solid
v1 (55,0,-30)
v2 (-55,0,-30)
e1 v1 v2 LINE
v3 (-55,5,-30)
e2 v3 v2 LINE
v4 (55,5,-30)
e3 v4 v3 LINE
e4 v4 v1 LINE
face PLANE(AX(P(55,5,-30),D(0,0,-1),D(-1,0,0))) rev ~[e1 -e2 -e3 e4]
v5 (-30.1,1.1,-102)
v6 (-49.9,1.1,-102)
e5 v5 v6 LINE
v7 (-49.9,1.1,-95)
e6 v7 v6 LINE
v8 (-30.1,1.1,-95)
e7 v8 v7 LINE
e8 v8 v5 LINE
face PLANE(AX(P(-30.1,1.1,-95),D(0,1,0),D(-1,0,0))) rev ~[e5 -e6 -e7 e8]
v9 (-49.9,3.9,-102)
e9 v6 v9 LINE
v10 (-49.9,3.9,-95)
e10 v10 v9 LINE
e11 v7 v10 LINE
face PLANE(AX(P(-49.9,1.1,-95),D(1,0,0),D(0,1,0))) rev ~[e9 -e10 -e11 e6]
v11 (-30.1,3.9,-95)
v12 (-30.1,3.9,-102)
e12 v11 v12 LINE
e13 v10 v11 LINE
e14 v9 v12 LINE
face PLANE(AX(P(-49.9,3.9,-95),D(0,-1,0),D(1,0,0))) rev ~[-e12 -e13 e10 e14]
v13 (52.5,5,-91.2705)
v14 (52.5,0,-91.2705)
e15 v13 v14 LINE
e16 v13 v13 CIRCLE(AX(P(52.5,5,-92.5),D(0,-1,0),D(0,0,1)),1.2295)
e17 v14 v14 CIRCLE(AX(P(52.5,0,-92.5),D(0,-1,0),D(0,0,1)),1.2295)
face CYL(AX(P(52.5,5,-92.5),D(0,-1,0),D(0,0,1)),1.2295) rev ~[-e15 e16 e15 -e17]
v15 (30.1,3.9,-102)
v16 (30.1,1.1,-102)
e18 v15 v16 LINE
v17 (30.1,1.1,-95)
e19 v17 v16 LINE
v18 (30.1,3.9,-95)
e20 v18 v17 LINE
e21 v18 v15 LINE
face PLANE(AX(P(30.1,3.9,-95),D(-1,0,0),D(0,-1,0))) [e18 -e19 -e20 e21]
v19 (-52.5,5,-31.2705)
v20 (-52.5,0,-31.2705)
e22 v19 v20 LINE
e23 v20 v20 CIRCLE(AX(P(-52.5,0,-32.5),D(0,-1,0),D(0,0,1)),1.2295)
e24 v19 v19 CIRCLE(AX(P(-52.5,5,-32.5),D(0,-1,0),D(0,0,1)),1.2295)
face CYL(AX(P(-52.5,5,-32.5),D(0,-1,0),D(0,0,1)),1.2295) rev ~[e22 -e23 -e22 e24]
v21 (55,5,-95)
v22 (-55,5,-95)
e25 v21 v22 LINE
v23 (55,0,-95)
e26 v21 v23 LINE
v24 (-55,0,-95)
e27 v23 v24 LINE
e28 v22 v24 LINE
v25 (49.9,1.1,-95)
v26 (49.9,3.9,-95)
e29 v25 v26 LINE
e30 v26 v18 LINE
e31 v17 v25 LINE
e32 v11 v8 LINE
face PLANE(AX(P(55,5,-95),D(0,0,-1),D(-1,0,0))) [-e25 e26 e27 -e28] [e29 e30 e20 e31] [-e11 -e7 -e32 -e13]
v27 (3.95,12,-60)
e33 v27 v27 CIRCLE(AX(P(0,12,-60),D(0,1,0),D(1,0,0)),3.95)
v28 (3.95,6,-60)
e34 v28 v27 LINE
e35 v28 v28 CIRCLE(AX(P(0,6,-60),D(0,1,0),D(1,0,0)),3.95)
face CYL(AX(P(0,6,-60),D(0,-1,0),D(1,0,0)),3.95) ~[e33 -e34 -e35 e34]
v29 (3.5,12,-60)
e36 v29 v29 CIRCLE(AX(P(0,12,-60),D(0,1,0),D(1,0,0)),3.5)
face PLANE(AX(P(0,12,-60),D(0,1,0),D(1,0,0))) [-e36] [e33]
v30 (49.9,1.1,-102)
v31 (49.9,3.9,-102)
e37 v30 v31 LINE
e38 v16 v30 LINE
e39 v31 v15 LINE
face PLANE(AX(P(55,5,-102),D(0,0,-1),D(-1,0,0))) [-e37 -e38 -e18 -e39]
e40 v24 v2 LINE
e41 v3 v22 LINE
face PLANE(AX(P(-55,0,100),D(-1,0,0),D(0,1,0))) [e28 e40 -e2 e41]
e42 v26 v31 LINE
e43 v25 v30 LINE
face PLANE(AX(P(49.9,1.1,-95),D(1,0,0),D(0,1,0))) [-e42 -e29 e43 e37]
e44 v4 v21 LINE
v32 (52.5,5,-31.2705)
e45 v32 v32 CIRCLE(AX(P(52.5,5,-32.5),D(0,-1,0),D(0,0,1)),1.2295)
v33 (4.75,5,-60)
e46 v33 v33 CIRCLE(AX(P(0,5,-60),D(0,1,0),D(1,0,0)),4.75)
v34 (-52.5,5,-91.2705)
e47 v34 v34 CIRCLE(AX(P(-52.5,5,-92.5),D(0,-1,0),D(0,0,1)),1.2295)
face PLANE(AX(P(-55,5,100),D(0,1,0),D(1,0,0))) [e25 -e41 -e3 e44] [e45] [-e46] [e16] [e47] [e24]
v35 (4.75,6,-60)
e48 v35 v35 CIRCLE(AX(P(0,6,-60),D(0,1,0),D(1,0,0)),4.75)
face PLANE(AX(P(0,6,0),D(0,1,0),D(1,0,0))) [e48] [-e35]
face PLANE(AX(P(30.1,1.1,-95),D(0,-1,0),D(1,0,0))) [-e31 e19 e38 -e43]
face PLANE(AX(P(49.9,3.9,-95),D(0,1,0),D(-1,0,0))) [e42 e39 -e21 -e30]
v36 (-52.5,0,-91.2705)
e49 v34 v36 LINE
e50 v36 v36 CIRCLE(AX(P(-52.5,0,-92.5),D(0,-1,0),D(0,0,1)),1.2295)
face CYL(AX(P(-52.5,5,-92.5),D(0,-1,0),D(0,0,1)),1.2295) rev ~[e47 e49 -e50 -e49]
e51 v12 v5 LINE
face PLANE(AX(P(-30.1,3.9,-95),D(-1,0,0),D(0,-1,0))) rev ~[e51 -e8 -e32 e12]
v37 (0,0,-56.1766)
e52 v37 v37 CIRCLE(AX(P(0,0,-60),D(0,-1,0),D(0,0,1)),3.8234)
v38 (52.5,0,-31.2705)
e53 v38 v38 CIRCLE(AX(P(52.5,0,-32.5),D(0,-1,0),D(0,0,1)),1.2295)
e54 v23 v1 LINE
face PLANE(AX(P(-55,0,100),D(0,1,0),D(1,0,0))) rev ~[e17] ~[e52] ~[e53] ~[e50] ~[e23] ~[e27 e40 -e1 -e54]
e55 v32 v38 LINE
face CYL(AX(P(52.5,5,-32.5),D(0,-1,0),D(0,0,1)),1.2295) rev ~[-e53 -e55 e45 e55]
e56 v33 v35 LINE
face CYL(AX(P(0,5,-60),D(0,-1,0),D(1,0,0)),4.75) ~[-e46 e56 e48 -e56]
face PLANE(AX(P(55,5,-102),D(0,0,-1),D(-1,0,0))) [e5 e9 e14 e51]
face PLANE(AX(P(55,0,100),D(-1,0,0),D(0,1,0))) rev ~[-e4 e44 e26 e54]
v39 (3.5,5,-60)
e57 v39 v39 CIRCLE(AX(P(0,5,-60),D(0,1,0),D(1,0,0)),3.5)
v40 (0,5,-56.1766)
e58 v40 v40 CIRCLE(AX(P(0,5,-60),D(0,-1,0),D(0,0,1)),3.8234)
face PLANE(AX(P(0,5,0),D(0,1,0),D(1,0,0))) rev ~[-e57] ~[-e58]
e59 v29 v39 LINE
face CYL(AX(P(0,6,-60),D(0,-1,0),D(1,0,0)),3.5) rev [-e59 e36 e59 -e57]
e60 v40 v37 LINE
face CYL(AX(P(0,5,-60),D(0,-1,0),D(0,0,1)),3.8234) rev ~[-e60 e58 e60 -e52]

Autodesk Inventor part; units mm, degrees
ref_plane "YZ Plane" through (0, 0, 0) normal (1, 0, 0) x (0, 1, 0)
ref_plane "XZ Plane" through (0, 0, 0) normal (0, 1, 0) x (-1, 0, 0)
ref_plane "XY Plane" through (0, 0, 0) normal (0, 0, 1) x (1, 0, 0)
sketch "Esquisse1" plane through (0, 0, 0) normal (0, 1, 0) x (-1, 0, 0)
  line L0 (-55, 100) -> (55, 100)
  line L1 (55, 100) -> (55, -100)
  line L2 (55, -100) -> (-55, -100)
  line L3 (-55, -100) -> (-55, 100)
  line L4 (-55, 100) -> (55, -100) construction
  line L5 (55, 100) -> (-55, -100) construction
  point P0 (0, 0)
  dimension "d0" = 110
  dimension "d1" = 200
extrude "Extrusion1" add sketch "Esquisse1" along normal blind 5
sketch "Esquisse4" plane through (0, 5, 0) normal (0, 1, 0) x (1, 0, 0)
  line L0 (0, 0) -> (0, 60)
  dimension "d22" = 60
hole "Perçage3" at (0, 5, -60) direction (0, -1, 0) diameter 7.6468 end through all thread size "M9x1.25" class "6H" standard "ISO Metric profile"
sketch "Esquisse5" plane through (0, 5, 0) normal (0, 1, 0) x (1, 0, 0)
  line L0 (-55, -100) -> (55, -100) projected
  line L1 (0, -100) -> (-27.5, -100)
  line L2 (-27.5, -100) -> (-27.5, -70)
  line L3 (-27.5, -70) -> (-37.5, -70)
  line L4 (-27.5, -70) -> (-7.5, -70)
  line L5 (-37.5, -70) -> (-37.5, -55)
  line L6 (-7.5, -55) -> (-7.5, -70)
  point P0 (0, 0)
  dimension "d30" = 27.5
  dimension "d31" = 30
  dimension "d32" = 10
  dimension "d33" = 20
  dimension "d34" = 15
hole "Perçage4" at (-7.5, 5, 70) at (-37.5, 5, 70) at (-37.5, 5, 55) at (-7.5, 5, 55) direction (0, -1, 0) diameter 2.459 end through all thread size "M3x0.5" class "6H" standard "ISO Metric profile"
sketch "Esquisse6" plane through (-55, 0, 100) normal (0, 0, 1) x (1, 0, 0)
  line L0 (0, 0) -> (110, 0) projected
  line L1 (110, 0) -> (110, 5) projected
  line L2 (0, 5) -> (110, 5) projected
  line L3 (0, 0) -> (0, 5) projected
  point P0 (55, 0)
extrude "Extrusion2" add sketch "Esquisse6" along normal blind 40
sketch "Esquisse7" plane through (0, 5, 0) normal (0, 1, 0) x (1, 0, 0)
  circle A0 centre (0, 60) radius 3.8234 projected
  circle A1 centre (0, 60) radius 3.5
  circle A2 centre (0, 60) radius 4.75
  point P0 (0, 0)
  dimension "d47" = 7
  dimension "d48" = 9.5
extrude "Extrusion3" add sketch "Esquisse7" along normal blind 1 contours A0 | A2
sketch "Esquisse8" plane through (0, 5, 0) normal (0, 1, 0) x (1, 0, 0)
  line L0 (-55, 100) -> (-55, -140) projected
  line L1 (55, 100) -> (55, -140) projected
  line L2 (-55, -140) -> (55, -140)
  line L3 (55, -140) -> (55, 30)
  line L4 (55, 30) -> (-55, 30)
  line L5 (-55, 30) -> (-55, -140)
  point P0 (0, 0)
  dimension "d51" = 170
extrude "Extrusion4" cut sketch "Esquisse8" against normal blind 10
sketch "Esquisse9" plane through (0, 5, 0) normal (0, 1, 0) x (1, 0, 0)
  line L0 (-55, 30) -> (55, 30) projected
  line L1 (-55, 30) -> (-55, 32.5)
  line L2 (-55, 100) -> (-55, 30) projected
  line L3 (-55, 32.5) -> (-52.5, 32.5)
  line L4 (55, 30) -> (55, 32.5)
  line L5 (55, 100) -> (55, 30) projected
  line L6 (55, 32.5) -> (52.5, 32.5)
  point P0 (0, 0)
  dimension "d54" = 2.5
  dimension "d55" = 2.5
  dimension "d56" = 2.5
  dimension "d57" = 2.5
hole "Perçage5" at (-52.5, 5, -32.5) at (52.5, 5, -32.5) direction (0, -1, 0) diameter 2.459 end through all thread size "M3x0.5" class "6H" standard "ISO Metric profile"
sketch "Esquisse10" plane through (0, 5, 0) normal (0, 1, 0) x (1, 0, 0)
  line L0 (55, 100) -> (-55, 100) projected
  line L1 (55, 100) -> (55, 30) projected
  line L2 (-55, 100) -> (55, 100)
  line L3 (55, 100) -> (55, 95)
  line L4 (55, 95) -> (-55, 95)
  line L5 (-55, 95) -> (-55, 100)
  point P0 (0, 0)
  dimension "d65" = 5
extrude "Extrusion5" cut sketch "Esquisse10" against normal blind 10
sketch "Esquisse11" plane through (0, 5, 0) normal (0, 1, 0) x (1, 0, 0)
  line L0 (-55, 95) -> (-52.5, 95)
  line L1 (55, 95) -> (-55, 95) projected
  line L2 (-52.5, 95) -> (-52.5, 92.5)
  line L3 (55, 95) -> (55, 30) projected
  line L4 (55, 95) -> (52.5, 95)
  line L5 (52.5, 95) -> (52.5, 92.5)
  point P0 (0, 0)
  dimension "d68" = 2.5
  dimension "d69" = 2.5
  dimension "d70" = 2.5
hole "Perçage6" at (-52.5, 5, -92.5) at (52.5, 5, -92.5) direction (0, -1, 0) diameter 2.459 end through all thread size "M3x0.5" class "6H" standard "ISO Metric profile"
sketch "Esquisse12" plane through (55, 5, -95) normal (0, 0, -1) x (-1, 0, 0)
  line L0 (0, -5) -> (0, 0) projected
  line L1 (0, 0) -> (5.1, 0)
  line L2 (110, 0) -> (0, 0) projected
  line L3 (5.1, 0) -> (5.1, -1.1)
  line L4 (5.1, -1.1) -> (24.9, -1.1)
  line L5 (24.9, -1.1) -> (24.9, -3.9)
  line L6 (24.9, -3.9) -> (5.1, -3.9)
  line L7 (5.1, -3.9) -> (5.1, -1.1)
  line L8 (110, -5) -> (110, 0) projected
  line L9 (110, 0) -> (104.9, 0)
  line L10 (104.9, 0) -> (104.9, -1.1)
  line L11 (104.9, -1.1) -> (85.1, -1.1)
  line L12 (85.1, -1.1) -> (85.1, -3.9)
  line L13 (85.1, -3.9) -> (104.9, -3.9)
  line L14 (104.9, -3.9) -> (104.9, -1.1)
  line L15 (110, -5) -> (0, -5) projected
  point P0 (55, -5)
  dimension "d78" = 5.1
  dimension "d79" = 1.1
  dimension "d80" = 19.8
  dimension "d81" = 2.8
  dimension "d82" = 5.1
  dimension "d83" = 19.8
  dimension "d86" = 1.1
  dimension "d87" = 1.1
extrude "Extrusion6" add sketch "Esquisse12" along normal blind 7 contours L14 L13 L12 L11 | L4 L5 L6 L7
sketch "Esquisse13" plane through (0, 6, -60) normal (0, 1, 0) x (1, 0, 0)
  circle A0 centre (0, 0) radius 3.95
  circle A1 centre (0, 0) radius 3.5
  point P0 (0, -60)
  dimension "d88" = 7.9
  dimension "d89" = 7
extrude "Extrusion7" add sketch "Esquisse13" along normal blind 6
properties part number "chassis_haut"
